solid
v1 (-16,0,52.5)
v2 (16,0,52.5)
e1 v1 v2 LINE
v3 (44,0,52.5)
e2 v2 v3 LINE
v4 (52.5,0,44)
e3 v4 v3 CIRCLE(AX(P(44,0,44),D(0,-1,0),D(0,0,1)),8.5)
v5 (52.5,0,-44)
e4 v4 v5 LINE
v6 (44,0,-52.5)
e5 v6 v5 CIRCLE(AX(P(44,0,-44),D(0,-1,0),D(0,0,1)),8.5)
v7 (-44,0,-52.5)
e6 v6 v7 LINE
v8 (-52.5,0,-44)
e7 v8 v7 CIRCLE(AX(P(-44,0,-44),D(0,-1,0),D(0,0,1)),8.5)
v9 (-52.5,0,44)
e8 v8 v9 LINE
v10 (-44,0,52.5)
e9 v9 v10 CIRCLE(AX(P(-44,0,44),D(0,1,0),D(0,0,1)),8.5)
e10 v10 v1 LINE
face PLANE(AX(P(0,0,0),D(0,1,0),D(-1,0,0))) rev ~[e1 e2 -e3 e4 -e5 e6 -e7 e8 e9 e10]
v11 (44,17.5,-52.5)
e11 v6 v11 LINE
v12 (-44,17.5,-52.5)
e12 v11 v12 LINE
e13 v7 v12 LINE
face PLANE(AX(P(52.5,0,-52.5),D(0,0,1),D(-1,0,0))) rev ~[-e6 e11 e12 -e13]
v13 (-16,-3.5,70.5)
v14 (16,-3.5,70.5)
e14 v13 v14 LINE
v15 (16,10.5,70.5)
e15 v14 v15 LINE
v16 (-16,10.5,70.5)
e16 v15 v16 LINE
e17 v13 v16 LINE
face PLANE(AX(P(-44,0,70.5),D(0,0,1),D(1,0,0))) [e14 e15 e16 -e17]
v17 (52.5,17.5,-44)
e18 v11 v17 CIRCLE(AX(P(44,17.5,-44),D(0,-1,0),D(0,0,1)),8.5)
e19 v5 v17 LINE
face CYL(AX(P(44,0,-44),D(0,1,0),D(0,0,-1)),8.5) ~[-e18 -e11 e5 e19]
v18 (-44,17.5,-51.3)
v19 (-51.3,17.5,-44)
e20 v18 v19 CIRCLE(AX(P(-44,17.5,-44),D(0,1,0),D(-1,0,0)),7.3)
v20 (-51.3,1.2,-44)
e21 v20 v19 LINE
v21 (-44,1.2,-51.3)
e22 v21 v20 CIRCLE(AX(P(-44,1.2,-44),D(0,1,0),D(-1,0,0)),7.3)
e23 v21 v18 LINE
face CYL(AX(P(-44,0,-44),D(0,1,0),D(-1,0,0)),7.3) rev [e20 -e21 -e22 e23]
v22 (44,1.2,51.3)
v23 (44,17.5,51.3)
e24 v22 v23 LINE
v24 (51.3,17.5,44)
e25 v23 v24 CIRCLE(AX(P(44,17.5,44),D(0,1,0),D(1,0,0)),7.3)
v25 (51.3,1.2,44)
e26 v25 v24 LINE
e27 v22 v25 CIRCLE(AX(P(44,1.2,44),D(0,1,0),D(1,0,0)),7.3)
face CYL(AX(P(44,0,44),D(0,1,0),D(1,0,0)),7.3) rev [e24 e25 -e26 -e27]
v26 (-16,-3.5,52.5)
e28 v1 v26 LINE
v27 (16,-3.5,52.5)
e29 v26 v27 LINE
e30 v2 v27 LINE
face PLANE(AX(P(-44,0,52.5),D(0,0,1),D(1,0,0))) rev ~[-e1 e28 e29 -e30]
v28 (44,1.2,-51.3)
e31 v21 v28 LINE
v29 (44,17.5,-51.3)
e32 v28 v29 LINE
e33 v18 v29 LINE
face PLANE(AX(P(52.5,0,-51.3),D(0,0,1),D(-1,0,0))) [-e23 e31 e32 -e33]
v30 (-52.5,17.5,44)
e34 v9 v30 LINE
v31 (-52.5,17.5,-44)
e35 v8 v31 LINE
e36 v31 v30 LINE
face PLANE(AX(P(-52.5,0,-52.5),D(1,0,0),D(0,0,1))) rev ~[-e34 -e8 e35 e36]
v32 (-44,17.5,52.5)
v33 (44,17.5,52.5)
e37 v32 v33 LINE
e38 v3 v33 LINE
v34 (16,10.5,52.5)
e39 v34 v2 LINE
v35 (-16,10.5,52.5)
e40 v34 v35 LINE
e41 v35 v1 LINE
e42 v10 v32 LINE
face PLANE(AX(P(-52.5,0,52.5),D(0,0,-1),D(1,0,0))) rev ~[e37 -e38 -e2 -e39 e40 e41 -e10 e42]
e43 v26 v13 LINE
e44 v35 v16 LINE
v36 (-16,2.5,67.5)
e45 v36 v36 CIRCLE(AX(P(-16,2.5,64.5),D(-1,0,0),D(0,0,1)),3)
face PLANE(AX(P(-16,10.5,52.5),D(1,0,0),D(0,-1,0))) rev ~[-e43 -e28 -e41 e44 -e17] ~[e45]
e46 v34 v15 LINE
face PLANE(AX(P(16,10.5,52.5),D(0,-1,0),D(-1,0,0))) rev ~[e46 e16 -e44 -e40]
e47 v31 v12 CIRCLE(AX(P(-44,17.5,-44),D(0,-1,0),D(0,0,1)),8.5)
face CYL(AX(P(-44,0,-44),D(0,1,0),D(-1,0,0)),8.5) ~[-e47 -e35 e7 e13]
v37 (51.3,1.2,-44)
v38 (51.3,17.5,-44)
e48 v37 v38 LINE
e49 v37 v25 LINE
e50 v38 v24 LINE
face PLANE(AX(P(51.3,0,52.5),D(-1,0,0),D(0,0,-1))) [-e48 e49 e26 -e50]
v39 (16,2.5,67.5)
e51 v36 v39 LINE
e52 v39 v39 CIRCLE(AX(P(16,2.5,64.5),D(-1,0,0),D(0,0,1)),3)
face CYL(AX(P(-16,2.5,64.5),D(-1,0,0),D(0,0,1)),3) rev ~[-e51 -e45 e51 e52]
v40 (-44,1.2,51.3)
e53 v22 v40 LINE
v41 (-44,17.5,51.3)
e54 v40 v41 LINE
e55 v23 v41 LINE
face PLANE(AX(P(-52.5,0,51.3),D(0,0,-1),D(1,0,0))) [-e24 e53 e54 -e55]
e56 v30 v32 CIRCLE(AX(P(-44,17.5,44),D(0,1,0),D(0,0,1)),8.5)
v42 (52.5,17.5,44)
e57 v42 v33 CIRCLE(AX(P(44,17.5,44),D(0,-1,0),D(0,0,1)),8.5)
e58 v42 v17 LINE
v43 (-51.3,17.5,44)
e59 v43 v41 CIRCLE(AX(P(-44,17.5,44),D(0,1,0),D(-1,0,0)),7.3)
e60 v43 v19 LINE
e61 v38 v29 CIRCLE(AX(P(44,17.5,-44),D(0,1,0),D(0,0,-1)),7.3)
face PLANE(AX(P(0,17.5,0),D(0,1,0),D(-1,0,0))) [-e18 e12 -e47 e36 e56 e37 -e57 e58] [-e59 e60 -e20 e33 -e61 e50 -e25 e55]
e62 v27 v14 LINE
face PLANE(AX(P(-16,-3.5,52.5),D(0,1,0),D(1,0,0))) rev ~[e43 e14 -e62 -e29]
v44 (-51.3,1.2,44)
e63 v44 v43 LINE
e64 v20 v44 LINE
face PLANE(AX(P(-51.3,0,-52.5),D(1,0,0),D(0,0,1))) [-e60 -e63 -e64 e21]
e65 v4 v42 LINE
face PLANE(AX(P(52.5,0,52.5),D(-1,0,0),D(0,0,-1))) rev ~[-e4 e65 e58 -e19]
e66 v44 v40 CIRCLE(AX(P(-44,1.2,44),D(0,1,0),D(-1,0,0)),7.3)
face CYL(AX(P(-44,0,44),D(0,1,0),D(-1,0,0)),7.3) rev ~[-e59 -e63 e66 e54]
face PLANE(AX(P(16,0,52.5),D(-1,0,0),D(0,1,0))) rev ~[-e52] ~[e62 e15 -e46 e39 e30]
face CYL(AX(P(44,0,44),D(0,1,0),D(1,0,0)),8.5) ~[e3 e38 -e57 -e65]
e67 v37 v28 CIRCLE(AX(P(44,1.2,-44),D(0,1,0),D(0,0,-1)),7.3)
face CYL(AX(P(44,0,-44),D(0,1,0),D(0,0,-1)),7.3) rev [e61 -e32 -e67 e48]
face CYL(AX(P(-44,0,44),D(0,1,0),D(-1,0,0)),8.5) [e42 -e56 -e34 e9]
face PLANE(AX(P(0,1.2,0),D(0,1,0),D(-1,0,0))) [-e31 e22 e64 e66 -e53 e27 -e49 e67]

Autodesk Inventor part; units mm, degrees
ref_plane "YZ Plane" through (0, 0, 0) normal (1, 0, 0) x (0, 1, 0)
ref_plane "XZ Plane" through (0, 0, 0) normal (0, 1, 0) x (-1, 0, 0)
ref_plane "XY Plane" through (0, 0, 0) normal (0, 0, 1) x (1, 0, 0)
sketch "Szkic1" plane through (0, 0, 0) normal (0, 1, 0) x (-1, 0, 0)
  line L0 (52.5, 52.5) -> (-52.5, 52.5)
  line L1 (-52.5, 52.5) -> (-52.5, -52.5)
  line L2 (-52.5, -52.5) -> (52.5, -52.5)
  line L3 (52.5, -52.5) -> (52.5, 52.5)
  point P0 (0, 0)
  dimension "d0" = 105
  dimension "d1" = 105
  dimension "d2" = 52.5
  dimension "d3" = 52.5
extrude "Wyciągnięcie proste1" add sketch "Szkic1" along normal blind 17.5
fillet "Zaokrąglenie1" radius 8.5 4 edges at (52.5, 8.75, 52.5) (-52.5, 8.75, 52.5) (52.5, 8.75, -52.5) (-52.5, 8.75, -52.5)
shell "Skorupa1" thickness 1.2 removed faces 1 at (-20.3333, 17.5, -17.5)
sketch "Szkic4" plane through (-44, 0, 52.5) normal (0, 0, 1) x (1, 0, 0)
  line L0 (0, 0) -> (88, 0) projected
  line L1 (28, -3.5) -> (60, -3.5)
  line L2 (60, -3.5) -> (60, 10.5)
  line L3 (60, 10.5) -> (28, 10.5)
  line L4 (28, 10.5) -> (28, -3.5)
  line L5 (0, 17.5) -> (88, 17.5) projected
  point P0 (60, 0)
  point P1 (44, 0)
  point P2 (44, 17.5)
  dimension "d21" = 32
  dimension "d22" = 16
  dimension "d23" = 21
  dimension "d24" = 14
extrude "Wyciągnięcie proste4" add sketch "Szkic4" along normal blind 18
sketch "Szkic6" plane through (-16, -3.5, 52.5) normal (-1, 0, 0) x (0, 0, 1)
  circle A0 centre (12, 6) radius 3
  line L0 (0, 3.5) -> (0, 21) projected
  line L1 (0, 0) -> (18, 0) projected
  point P0 (-52.5, 3.5)
  dimension "d29" = 6
  dimension "d30" = 12
  dimension "d31" = 3
extrude "Wyciągnięcie proste6" cut sketch "Szkic6" against normal blind 50
properties part number "lampa"
